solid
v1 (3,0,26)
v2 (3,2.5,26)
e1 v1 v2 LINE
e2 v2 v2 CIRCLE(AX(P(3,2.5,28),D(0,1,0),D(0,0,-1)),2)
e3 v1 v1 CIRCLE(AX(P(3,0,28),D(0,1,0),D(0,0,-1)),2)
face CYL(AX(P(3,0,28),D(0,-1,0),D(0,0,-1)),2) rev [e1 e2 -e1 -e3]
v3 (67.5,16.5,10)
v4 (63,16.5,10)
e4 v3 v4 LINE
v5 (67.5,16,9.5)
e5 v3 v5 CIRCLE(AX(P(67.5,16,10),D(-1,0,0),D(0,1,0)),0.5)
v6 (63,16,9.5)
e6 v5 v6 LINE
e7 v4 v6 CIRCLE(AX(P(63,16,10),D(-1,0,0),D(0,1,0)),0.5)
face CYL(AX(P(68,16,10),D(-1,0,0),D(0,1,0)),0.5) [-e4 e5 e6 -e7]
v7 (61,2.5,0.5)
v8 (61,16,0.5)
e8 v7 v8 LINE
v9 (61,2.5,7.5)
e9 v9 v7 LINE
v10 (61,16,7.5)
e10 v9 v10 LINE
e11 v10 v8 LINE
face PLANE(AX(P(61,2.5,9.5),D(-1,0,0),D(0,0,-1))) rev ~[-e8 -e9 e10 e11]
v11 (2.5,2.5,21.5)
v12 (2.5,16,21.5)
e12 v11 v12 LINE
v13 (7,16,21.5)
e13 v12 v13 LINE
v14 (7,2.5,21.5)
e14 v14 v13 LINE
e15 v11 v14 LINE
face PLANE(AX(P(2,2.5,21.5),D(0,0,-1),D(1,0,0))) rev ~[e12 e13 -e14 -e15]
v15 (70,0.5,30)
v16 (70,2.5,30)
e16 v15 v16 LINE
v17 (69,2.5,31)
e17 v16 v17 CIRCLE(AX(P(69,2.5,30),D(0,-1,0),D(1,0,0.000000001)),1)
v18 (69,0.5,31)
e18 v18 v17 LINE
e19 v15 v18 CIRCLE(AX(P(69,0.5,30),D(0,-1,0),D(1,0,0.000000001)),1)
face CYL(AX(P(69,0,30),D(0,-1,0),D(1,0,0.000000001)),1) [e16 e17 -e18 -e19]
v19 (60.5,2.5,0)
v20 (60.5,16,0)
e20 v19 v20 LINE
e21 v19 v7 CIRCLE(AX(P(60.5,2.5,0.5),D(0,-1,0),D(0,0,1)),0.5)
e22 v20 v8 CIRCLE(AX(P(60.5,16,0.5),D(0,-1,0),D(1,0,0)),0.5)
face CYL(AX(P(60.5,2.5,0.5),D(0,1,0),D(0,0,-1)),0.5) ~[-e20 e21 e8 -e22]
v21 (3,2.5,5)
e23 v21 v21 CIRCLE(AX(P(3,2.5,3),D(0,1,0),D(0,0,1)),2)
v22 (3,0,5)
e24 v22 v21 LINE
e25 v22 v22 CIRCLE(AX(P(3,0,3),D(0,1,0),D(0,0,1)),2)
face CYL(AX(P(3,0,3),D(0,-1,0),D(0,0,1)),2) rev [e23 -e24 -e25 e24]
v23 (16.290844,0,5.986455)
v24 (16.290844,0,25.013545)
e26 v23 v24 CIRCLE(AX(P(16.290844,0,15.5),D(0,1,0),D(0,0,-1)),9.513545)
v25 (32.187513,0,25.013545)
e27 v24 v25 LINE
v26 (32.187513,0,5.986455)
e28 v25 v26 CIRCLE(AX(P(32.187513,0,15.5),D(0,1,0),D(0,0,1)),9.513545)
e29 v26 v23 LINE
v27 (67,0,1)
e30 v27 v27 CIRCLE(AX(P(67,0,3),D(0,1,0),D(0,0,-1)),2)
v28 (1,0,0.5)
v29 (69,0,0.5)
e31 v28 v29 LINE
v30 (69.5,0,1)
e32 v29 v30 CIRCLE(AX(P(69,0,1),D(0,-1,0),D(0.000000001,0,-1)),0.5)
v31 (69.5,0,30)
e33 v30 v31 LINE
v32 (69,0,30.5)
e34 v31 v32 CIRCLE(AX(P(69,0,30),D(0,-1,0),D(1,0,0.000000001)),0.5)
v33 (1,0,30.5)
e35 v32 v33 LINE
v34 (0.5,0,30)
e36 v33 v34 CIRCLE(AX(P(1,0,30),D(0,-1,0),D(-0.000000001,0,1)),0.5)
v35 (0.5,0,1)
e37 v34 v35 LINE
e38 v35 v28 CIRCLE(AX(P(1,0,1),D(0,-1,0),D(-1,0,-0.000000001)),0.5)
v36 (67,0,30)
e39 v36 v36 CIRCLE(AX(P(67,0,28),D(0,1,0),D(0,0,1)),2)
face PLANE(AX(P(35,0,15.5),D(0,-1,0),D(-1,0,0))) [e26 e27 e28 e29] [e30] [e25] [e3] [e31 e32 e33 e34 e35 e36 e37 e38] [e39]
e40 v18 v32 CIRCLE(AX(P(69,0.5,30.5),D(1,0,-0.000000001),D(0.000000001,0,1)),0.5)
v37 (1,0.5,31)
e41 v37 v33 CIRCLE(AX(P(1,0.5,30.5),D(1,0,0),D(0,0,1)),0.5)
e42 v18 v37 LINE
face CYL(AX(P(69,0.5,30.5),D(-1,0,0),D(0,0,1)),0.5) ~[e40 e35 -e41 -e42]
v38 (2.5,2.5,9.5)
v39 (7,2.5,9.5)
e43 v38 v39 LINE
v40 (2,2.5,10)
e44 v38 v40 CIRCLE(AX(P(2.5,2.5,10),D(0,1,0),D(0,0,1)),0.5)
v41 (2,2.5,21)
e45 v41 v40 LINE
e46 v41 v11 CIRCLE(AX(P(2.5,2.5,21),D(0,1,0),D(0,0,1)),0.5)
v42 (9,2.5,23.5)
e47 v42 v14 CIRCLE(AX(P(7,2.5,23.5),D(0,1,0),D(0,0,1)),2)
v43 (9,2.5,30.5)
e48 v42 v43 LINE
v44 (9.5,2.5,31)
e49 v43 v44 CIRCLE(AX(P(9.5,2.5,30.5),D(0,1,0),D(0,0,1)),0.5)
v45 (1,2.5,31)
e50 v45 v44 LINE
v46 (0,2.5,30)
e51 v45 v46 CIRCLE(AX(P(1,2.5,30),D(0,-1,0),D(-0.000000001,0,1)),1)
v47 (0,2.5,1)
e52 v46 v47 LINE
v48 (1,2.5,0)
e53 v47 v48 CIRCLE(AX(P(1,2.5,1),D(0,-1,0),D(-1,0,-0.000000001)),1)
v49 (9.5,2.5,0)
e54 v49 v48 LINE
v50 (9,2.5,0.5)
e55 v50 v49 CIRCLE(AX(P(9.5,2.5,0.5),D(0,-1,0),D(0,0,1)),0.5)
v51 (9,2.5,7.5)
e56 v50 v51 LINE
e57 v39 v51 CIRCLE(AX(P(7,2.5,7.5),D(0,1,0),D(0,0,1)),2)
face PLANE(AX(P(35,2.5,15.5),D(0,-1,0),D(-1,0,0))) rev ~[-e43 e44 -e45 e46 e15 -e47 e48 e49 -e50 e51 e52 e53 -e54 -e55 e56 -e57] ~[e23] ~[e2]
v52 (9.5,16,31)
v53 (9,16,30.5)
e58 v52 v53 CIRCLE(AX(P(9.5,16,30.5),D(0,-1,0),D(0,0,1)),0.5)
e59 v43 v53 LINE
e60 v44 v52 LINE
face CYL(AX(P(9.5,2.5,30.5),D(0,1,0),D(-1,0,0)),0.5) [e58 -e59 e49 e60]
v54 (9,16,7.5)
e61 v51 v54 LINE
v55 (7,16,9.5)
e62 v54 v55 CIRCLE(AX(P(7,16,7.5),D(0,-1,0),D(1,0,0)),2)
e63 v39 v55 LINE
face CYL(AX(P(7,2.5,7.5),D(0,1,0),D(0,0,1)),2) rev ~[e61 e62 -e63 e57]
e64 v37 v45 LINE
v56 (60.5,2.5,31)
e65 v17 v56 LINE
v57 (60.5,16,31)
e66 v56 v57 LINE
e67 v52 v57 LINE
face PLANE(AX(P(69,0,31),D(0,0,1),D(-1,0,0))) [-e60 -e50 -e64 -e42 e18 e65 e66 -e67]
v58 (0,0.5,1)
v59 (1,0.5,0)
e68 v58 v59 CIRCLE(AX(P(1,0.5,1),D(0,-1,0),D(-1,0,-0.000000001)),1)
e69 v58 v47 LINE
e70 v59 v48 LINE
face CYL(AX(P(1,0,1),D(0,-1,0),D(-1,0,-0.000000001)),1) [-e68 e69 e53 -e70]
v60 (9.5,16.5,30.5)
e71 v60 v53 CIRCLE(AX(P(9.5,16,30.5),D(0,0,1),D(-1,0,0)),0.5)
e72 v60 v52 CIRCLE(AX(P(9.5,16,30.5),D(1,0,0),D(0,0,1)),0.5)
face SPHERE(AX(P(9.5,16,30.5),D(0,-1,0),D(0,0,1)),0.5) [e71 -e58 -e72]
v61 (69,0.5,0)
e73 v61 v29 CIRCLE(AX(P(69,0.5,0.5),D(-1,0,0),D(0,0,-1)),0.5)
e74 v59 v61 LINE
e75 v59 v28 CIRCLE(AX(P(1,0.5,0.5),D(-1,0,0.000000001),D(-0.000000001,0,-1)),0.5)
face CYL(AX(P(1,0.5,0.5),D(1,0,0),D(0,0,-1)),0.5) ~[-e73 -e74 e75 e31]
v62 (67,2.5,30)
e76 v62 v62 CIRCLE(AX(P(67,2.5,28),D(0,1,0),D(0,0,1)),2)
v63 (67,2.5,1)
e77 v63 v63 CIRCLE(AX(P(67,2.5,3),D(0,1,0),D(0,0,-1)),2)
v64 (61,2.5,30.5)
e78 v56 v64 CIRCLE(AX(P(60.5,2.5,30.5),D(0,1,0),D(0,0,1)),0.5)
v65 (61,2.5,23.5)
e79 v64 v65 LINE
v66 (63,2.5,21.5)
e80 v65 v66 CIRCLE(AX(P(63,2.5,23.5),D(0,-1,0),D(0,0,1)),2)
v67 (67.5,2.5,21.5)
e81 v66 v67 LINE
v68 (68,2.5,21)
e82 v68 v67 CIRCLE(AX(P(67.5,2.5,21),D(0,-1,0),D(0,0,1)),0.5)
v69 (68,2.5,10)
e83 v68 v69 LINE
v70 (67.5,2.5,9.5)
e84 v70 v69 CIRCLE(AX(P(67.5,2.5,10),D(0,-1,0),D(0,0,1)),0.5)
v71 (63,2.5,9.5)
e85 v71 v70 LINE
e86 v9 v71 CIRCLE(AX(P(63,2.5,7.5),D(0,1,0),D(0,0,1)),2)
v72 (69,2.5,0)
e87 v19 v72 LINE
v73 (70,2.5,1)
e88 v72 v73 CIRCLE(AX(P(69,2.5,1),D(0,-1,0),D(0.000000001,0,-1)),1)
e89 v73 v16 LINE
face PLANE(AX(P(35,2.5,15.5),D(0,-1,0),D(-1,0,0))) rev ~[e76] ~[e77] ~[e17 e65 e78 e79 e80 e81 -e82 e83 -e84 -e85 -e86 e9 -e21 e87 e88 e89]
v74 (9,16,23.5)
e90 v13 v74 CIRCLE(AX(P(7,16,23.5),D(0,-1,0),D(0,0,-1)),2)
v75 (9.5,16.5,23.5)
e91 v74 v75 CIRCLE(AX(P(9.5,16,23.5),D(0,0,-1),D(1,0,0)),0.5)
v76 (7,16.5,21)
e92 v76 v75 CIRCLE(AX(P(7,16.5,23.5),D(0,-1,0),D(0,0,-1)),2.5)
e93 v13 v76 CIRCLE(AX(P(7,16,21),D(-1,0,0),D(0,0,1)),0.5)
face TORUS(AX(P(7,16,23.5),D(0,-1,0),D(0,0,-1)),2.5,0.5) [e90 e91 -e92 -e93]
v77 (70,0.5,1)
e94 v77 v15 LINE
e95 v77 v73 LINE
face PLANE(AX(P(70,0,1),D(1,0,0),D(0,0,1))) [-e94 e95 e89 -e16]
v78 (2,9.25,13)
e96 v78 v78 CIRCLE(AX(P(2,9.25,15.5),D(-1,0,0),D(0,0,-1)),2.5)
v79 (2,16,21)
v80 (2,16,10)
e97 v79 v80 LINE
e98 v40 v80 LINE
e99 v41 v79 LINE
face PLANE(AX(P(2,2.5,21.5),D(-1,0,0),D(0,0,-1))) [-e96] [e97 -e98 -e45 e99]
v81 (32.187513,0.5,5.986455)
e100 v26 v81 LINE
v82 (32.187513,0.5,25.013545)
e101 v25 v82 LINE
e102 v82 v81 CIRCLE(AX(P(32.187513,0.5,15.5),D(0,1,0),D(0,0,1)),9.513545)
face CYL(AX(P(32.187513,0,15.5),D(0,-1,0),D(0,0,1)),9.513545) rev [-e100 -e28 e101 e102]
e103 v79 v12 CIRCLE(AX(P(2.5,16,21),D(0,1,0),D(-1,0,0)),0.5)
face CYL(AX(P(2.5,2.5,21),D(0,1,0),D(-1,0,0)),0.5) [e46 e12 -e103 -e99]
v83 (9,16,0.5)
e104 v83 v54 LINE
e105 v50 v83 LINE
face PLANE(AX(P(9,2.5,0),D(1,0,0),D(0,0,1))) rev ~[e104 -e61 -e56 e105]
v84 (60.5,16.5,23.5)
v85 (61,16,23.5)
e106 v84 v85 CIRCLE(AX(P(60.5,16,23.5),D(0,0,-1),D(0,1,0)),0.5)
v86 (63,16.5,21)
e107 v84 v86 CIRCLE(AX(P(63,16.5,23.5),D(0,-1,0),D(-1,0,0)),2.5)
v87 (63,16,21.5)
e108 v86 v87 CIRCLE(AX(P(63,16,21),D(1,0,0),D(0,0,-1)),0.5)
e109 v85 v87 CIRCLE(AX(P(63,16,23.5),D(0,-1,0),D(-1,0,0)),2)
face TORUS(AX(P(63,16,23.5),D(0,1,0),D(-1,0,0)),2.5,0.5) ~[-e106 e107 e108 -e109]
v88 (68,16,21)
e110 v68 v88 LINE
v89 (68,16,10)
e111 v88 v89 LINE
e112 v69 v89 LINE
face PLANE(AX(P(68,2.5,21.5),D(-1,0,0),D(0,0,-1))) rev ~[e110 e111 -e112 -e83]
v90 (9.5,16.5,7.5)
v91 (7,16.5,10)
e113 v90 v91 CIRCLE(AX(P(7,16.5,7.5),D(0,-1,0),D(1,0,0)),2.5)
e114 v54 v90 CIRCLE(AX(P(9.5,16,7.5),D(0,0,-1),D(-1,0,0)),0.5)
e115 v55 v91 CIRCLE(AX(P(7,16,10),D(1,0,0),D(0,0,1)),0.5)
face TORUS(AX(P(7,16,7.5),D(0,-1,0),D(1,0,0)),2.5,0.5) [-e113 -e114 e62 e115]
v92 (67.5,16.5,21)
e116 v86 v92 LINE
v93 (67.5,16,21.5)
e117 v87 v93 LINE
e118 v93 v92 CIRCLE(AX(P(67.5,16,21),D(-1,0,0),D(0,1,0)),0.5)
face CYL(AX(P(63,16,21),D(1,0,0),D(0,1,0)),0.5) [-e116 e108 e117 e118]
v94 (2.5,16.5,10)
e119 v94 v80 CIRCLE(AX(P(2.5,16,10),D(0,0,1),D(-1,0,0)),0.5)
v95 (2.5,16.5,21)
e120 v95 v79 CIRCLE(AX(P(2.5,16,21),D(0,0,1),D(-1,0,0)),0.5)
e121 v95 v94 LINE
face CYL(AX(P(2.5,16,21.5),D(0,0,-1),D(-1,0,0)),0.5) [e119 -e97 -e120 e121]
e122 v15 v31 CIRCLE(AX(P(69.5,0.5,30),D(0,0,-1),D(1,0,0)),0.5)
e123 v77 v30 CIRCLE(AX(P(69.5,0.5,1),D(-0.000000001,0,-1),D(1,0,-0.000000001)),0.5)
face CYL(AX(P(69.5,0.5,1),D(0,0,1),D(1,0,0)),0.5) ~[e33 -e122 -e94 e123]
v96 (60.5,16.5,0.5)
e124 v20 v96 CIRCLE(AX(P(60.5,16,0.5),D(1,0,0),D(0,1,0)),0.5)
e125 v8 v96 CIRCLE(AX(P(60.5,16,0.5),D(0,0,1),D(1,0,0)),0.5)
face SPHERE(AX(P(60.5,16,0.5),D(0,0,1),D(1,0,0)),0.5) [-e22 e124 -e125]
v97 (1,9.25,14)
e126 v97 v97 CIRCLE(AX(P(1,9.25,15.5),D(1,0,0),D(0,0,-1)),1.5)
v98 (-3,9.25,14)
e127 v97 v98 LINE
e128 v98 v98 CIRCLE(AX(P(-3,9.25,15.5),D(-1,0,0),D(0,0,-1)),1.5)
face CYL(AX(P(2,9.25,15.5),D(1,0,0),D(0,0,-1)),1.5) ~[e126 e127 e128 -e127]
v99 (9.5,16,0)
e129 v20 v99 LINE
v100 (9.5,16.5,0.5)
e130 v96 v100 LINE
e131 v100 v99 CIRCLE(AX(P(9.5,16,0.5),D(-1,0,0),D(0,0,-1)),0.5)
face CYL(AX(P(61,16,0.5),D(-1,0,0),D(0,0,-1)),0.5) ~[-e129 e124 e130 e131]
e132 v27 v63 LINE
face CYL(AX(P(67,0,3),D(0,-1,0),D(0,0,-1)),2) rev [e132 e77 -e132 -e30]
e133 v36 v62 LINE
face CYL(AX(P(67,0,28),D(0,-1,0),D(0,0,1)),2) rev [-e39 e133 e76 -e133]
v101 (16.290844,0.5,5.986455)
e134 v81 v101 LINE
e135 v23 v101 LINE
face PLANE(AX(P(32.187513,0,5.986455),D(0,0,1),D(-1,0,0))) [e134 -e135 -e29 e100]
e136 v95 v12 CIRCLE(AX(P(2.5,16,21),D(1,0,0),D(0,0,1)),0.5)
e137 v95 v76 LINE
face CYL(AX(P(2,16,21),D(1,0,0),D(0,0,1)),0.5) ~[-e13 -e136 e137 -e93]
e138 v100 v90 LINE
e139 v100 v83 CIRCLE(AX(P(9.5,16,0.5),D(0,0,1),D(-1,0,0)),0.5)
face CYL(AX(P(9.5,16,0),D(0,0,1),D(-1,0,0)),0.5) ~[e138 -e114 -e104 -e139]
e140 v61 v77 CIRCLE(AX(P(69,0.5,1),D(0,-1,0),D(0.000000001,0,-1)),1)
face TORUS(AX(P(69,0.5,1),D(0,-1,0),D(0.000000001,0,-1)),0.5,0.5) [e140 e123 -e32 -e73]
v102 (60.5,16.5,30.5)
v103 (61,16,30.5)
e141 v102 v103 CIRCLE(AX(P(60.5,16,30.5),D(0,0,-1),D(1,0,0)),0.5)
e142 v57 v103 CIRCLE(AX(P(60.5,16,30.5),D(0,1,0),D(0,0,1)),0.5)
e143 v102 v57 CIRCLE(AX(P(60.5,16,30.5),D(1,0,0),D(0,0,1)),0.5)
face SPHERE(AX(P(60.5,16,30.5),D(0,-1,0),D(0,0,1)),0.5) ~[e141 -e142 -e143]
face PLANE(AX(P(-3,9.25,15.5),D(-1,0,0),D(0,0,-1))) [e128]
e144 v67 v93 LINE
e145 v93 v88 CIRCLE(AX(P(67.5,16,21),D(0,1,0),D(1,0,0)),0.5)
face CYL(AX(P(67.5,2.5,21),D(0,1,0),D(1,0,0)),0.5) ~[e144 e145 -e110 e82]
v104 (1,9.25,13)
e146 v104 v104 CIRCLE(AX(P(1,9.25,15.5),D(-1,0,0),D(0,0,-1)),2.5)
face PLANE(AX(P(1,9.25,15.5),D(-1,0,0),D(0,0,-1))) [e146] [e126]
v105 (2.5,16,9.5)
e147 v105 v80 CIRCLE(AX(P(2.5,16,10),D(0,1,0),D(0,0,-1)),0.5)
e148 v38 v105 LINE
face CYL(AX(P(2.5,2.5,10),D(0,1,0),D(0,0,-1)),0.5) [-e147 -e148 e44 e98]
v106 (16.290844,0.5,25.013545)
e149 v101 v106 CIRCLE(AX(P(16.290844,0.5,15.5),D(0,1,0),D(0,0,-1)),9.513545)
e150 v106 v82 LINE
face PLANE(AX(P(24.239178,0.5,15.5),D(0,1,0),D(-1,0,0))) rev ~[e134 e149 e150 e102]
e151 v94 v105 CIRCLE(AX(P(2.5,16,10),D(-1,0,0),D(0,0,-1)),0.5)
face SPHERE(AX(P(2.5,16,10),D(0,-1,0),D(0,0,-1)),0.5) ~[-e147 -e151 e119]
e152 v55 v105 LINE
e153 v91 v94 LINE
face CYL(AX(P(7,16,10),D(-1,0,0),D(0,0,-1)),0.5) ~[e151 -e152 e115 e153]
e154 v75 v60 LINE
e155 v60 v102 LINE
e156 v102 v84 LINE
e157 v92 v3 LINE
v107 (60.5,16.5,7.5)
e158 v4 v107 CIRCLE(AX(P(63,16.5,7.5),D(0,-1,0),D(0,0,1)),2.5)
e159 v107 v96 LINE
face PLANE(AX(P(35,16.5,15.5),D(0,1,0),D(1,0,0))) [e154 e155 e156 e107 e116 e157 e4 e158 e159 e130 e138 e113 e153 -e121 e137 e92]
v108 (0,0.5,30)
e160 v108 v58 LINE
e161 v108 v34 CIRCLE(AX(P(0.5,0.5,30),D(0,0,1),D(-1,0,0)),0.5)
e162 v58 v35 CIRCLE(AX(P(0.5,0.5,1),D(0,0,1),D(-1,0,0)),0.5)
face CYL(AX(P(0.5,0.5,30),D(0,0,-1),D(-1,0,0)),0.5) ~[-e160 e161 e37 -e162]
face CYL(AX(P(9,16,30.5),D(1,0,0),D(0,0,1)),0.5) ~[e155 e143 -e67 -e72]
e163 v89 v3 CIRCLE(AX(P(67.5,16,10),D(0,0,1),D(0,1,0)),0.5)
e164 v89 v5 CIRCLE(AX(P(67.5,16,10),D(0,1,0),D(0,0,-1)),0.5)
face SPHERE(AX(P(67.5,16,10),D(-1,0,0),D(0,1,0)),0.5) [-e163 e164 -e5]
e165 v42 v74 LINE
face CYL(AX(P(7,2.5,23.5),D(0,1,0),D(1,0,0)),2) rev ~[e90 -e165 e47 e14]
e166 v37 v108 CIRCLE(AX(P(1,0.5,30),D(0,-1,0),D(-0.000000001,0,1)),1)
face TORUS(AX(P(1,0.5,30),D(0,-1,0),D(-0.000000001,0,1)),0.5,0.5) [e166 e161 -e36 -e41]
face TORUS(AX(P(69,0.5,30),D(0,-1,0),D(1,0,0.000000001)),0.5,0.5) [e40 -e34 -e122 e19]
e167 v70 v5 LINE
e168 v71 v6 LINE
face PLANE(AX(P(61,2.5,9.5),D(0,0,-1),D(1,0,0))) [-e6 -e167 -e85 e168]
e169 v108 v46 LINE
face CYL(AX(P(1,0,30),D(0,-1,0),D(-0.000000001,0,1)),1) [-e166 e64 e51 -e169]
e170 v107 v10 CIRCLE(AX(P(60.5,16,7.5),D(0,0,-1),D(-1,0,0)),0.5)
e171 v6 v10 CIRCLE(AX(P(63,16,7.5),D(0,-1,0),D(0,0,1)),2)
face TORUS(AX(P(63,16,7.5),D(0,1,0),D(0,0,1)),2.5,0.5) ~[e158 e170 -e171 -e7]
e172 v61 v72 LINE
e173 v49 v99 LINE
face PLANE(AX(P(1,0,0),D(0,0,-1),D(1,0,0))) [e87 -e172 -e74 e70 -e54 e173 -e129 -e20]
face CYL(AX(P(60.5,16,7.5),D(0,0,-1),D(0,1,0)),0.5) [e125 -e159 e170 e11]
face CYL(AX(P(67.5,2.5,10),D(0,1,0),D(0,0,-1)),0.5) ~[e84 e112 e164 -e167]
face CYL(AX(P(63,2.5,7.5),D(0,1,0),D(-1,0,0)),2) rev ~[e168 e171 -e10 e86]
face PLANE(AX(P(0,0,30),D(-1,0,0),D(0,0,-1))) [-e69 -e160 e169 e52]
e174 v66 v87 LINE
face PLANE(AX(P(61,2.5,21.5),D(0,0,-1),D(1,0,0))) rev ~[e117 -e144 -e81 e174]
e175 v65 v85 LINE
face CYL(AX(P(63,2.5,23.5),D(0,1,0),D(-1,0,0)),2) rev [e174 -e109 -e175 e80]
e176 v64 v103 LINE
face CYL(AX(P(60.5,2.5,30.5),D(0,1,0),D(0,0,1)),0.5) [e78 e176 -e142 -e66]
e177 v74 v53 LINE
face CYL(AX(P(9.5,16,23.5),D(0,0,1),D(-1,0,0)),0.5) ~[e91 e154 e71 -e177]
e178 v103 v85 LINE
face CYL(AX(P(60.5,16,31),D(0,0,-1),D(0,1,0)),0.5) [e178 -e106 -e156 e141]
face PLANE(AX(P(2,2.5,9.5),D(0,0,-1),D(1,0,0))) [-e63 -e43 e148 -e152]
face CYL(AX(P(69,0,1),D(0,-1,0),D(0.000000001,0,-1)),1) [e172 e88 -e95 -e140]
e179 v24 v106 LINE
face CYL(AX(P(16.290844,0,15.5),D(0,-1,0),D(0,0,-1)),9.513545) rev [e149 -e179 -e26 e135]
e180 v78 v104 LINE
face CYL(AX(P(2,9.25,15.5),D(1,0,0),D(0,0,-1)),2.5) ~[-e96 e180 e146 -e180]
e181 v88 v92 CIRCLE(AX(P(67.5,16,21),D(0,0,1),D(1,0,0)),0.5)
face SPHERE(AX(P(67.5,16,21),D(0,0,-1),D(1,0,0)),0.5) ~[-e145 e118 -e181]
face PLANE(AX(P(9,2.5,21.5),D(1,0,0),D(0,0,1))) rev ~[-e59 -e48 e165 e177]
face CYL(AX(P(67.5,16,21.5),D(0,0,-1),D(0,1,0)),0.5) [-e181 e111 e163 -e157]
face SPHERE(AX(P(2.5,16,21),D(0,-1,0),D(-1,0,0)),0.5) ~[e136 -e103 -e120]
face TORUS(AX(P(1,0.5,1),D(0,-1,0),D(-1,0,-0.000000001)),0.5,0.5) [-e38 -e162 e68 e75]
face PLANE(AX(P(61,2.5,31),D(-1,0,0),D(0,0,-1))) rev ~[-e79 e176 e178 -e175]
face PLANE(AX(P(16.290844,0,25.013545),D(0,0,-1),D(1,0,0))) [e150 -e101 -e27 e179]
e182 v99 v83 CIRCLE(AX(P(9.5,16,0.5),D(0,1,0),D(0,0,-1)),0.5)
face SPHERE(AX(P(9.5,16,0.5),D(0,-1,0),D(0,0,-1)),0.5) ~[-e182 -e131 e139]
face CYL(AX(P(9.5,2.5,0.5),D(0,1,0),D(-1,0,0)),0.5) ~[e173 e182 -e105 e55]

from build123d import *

# Parameters (mm, degrees)
SKETCH_1_R          = 2
EXTRUDE_1_DEPTH     = 2.5
SKETCH_2_W          = 7
SKETCH_2_H          = 12
EXTRUDE_2_DEPTH     = 14
FILLET_1_R          = 2
FILLET_2_R          = 2
FILLET_3_R          = 0.5
CUT_EXTRUDE_1_DEPTH = 0.5
SKETCH_4_R          = 1.5
EXTRUDE_3_DEPTH     = 5
SKETCH_5_R          = 2.5
EXTRUDE_4_DEPTH     = 1


with BuildPart() as part:
    # 草图1 → 凸台-拉伸1 (new body)
    with BuildSketch(Plane(origin=(0, 0, 0), x_dir=(1, 0, 0), z_dir=(0, 1, 0))):
        with BuildLine():
            Line((1, 0), (69, 0))
            ThreePointArc((69, 0), (69.707106781, -0.292893219), (70, -1))
            Line((70, -1), (70, -30))
            ThreePointArc((70, -30), (69.707106781, -30.707106781), (69, -31))
            Line((69, -31), (1, -31))
            ThreePointArc((1, -31), (0.292893219, -30.707106781), (0, -30))
            Line((0, -30), (0, -1))
            ThreePointArc((0, -1), (0.292893219, -0.292893219), (1, 0))
        make_face()
        with Locations(Location((3, -3, 0), (0, 0, 270))):
            Circle(SKETCH_1_R, mode=Mode.SUBTRACT)
        with Locations(Location((67, -3, 0), (0, 0, 90))):
            Circle(SKETCH_1_R, mode=Mode.SUBTRACT)
        with Locations(Location((67, -28, 0), (0, 0, 270))):
            Circle(SKETCH_1_R, mode=Mode.SUBTRACT)
        with Locations(Location((3, -28, 0), (0, 0, 90))):
            Circle(SKETCH_1_R, mode=Mode.SUBTRACT)
    extrude(amount=EXTRUDE_1_DEPTH)

    # 草图2 → 凸台-拉伸2 (add)
    with BuildSketch(Plane(origin=(0, 2.5, 0), x_dir=(1, 0, 0), z_dir=(0, 1, 0))):
        Polygon((61, 0), (9, 0), (9, -9.5), (9, -21.5), (9, -31), (61, -31), (61, -21.5), (61, -9.5), align=None)
        with Locations((5.5, -15.5)):
            Rectangle(SKETCH_2_W, SKETCH_2_H)
        with Locations((64.5, -15.5)):
            Rectangle(SKETCH_2_W, SKETCH_2_H)
    extrude(amount=EXTRUDE_2_DEPTH)

    # 圆角1
    fillet_1_edges = [part.edges().sort_by_distance(p)[0] for p in [
        (9, 9.5, 21.5),
    ]]
    fillet(fillet_1_edges, radius=FILLET_1_R)

    # 圆角2
    fillet_2_edges = [part.edges().sort_by_distance(p)[0] for p in [
        (61, 9.5, 9.5),
        (9, 9.5, 9.5),
        (61, 9.5, 21.5),
    ]]
    fillet(fillet_2_edges, radius=FILLET_2_R)

    # 圆角3
    fillet_3_edges = [part.edges().sort_by_distance(p)[0] for p in [
        (0, 0, 15.5),
        (0.292893219, 0, 0.292893219),
        (35, 0, 0),
        (69.707106781, 0, 0.292893219),
        (61, 16.5, 3.75),
        (61, 9.5, 0),
        (9, 9.5, 0),
        (2, 9.5, 9.5),
        (2, 9.5, 21.5),
        (9, 9.5, 31),
        (61, 9.5, 31),
        (68, 16.5, 15.5),
        (68, 9.5, 21.5),
        (68, 9.5, 9.5),
        (35, 16.5, 0),
        (9, 16.5, 3.75),
        (2, 16.5, 15.5),
        (35, 16.5, 31),
        (9, 16.5, 27.25),
        (4.5, 16.5, 21.5),
        (8.414213562, 16.5, 22.085786438),
        (70, 0, 15.5),
        (65.5, 16.5, 21.5),
        (69.707106781, 0, 30.707106781),
        (61, 16.5, 27.25),
        (65.5, 16.5, 9.5),
        (35, 0, 31),
        (4.5, 16.5, 9.5),
        (61.585786438, 16.5, 22.085786438),
        (0.292893219, 0, 30.707106781),
        (61.585786438, 16.5, 8.914213562),
        (8.414213562, 16.5, 8.914213562),
    ]]
    fillet(fillet_3_edges, radius=FILLET_3_R)

    # 草图3 → 切除-拉伸1 (cut)
    with BuildSketch(Plane.XZ):
        with BuildLine():
            Line((16.290844115, 25.013544626), (32.187512514, 25.013544626))
            ThreePointArc((32.187512514, 25.013544626), (41.70105714, 15.5), (32.187512514, 5.986455374))
            Line((32.187512514, 5.986455374), (16.290844115, 5.986455374))
            ThreePointArc((16.290844115, 5.986455374), (6.777299489, 15.5), (16.290844115, 25.013544626))
        make_face()
    extrude(amount=-CUT_EXTRUDE_1_DEPTH, mode=Mode.SUBTRACT)

    # 草图4 → 凸台-拉伸3 (add)
    with BuildSketch(Plane.ZY.offset(-2)):
        with Locations(Location((15.5, 9.25, 0), (0, 0, 180))):
            Circle(SKETCH_4_R)
    extrude(amount=EXTRUDE_3_DEPTH)

    # 草图5 → 凸台-拉伸4 (add)
    with BuildSketch(Plane.ZY.offset(-2)):
        with Locations(Location((15.5, 9.25, 0), (0, 0, 180))):
            Circle(SKETCH_5_R)
    extrude(amount=EXTRUDE_4_DEPTH)


solid = part.part
